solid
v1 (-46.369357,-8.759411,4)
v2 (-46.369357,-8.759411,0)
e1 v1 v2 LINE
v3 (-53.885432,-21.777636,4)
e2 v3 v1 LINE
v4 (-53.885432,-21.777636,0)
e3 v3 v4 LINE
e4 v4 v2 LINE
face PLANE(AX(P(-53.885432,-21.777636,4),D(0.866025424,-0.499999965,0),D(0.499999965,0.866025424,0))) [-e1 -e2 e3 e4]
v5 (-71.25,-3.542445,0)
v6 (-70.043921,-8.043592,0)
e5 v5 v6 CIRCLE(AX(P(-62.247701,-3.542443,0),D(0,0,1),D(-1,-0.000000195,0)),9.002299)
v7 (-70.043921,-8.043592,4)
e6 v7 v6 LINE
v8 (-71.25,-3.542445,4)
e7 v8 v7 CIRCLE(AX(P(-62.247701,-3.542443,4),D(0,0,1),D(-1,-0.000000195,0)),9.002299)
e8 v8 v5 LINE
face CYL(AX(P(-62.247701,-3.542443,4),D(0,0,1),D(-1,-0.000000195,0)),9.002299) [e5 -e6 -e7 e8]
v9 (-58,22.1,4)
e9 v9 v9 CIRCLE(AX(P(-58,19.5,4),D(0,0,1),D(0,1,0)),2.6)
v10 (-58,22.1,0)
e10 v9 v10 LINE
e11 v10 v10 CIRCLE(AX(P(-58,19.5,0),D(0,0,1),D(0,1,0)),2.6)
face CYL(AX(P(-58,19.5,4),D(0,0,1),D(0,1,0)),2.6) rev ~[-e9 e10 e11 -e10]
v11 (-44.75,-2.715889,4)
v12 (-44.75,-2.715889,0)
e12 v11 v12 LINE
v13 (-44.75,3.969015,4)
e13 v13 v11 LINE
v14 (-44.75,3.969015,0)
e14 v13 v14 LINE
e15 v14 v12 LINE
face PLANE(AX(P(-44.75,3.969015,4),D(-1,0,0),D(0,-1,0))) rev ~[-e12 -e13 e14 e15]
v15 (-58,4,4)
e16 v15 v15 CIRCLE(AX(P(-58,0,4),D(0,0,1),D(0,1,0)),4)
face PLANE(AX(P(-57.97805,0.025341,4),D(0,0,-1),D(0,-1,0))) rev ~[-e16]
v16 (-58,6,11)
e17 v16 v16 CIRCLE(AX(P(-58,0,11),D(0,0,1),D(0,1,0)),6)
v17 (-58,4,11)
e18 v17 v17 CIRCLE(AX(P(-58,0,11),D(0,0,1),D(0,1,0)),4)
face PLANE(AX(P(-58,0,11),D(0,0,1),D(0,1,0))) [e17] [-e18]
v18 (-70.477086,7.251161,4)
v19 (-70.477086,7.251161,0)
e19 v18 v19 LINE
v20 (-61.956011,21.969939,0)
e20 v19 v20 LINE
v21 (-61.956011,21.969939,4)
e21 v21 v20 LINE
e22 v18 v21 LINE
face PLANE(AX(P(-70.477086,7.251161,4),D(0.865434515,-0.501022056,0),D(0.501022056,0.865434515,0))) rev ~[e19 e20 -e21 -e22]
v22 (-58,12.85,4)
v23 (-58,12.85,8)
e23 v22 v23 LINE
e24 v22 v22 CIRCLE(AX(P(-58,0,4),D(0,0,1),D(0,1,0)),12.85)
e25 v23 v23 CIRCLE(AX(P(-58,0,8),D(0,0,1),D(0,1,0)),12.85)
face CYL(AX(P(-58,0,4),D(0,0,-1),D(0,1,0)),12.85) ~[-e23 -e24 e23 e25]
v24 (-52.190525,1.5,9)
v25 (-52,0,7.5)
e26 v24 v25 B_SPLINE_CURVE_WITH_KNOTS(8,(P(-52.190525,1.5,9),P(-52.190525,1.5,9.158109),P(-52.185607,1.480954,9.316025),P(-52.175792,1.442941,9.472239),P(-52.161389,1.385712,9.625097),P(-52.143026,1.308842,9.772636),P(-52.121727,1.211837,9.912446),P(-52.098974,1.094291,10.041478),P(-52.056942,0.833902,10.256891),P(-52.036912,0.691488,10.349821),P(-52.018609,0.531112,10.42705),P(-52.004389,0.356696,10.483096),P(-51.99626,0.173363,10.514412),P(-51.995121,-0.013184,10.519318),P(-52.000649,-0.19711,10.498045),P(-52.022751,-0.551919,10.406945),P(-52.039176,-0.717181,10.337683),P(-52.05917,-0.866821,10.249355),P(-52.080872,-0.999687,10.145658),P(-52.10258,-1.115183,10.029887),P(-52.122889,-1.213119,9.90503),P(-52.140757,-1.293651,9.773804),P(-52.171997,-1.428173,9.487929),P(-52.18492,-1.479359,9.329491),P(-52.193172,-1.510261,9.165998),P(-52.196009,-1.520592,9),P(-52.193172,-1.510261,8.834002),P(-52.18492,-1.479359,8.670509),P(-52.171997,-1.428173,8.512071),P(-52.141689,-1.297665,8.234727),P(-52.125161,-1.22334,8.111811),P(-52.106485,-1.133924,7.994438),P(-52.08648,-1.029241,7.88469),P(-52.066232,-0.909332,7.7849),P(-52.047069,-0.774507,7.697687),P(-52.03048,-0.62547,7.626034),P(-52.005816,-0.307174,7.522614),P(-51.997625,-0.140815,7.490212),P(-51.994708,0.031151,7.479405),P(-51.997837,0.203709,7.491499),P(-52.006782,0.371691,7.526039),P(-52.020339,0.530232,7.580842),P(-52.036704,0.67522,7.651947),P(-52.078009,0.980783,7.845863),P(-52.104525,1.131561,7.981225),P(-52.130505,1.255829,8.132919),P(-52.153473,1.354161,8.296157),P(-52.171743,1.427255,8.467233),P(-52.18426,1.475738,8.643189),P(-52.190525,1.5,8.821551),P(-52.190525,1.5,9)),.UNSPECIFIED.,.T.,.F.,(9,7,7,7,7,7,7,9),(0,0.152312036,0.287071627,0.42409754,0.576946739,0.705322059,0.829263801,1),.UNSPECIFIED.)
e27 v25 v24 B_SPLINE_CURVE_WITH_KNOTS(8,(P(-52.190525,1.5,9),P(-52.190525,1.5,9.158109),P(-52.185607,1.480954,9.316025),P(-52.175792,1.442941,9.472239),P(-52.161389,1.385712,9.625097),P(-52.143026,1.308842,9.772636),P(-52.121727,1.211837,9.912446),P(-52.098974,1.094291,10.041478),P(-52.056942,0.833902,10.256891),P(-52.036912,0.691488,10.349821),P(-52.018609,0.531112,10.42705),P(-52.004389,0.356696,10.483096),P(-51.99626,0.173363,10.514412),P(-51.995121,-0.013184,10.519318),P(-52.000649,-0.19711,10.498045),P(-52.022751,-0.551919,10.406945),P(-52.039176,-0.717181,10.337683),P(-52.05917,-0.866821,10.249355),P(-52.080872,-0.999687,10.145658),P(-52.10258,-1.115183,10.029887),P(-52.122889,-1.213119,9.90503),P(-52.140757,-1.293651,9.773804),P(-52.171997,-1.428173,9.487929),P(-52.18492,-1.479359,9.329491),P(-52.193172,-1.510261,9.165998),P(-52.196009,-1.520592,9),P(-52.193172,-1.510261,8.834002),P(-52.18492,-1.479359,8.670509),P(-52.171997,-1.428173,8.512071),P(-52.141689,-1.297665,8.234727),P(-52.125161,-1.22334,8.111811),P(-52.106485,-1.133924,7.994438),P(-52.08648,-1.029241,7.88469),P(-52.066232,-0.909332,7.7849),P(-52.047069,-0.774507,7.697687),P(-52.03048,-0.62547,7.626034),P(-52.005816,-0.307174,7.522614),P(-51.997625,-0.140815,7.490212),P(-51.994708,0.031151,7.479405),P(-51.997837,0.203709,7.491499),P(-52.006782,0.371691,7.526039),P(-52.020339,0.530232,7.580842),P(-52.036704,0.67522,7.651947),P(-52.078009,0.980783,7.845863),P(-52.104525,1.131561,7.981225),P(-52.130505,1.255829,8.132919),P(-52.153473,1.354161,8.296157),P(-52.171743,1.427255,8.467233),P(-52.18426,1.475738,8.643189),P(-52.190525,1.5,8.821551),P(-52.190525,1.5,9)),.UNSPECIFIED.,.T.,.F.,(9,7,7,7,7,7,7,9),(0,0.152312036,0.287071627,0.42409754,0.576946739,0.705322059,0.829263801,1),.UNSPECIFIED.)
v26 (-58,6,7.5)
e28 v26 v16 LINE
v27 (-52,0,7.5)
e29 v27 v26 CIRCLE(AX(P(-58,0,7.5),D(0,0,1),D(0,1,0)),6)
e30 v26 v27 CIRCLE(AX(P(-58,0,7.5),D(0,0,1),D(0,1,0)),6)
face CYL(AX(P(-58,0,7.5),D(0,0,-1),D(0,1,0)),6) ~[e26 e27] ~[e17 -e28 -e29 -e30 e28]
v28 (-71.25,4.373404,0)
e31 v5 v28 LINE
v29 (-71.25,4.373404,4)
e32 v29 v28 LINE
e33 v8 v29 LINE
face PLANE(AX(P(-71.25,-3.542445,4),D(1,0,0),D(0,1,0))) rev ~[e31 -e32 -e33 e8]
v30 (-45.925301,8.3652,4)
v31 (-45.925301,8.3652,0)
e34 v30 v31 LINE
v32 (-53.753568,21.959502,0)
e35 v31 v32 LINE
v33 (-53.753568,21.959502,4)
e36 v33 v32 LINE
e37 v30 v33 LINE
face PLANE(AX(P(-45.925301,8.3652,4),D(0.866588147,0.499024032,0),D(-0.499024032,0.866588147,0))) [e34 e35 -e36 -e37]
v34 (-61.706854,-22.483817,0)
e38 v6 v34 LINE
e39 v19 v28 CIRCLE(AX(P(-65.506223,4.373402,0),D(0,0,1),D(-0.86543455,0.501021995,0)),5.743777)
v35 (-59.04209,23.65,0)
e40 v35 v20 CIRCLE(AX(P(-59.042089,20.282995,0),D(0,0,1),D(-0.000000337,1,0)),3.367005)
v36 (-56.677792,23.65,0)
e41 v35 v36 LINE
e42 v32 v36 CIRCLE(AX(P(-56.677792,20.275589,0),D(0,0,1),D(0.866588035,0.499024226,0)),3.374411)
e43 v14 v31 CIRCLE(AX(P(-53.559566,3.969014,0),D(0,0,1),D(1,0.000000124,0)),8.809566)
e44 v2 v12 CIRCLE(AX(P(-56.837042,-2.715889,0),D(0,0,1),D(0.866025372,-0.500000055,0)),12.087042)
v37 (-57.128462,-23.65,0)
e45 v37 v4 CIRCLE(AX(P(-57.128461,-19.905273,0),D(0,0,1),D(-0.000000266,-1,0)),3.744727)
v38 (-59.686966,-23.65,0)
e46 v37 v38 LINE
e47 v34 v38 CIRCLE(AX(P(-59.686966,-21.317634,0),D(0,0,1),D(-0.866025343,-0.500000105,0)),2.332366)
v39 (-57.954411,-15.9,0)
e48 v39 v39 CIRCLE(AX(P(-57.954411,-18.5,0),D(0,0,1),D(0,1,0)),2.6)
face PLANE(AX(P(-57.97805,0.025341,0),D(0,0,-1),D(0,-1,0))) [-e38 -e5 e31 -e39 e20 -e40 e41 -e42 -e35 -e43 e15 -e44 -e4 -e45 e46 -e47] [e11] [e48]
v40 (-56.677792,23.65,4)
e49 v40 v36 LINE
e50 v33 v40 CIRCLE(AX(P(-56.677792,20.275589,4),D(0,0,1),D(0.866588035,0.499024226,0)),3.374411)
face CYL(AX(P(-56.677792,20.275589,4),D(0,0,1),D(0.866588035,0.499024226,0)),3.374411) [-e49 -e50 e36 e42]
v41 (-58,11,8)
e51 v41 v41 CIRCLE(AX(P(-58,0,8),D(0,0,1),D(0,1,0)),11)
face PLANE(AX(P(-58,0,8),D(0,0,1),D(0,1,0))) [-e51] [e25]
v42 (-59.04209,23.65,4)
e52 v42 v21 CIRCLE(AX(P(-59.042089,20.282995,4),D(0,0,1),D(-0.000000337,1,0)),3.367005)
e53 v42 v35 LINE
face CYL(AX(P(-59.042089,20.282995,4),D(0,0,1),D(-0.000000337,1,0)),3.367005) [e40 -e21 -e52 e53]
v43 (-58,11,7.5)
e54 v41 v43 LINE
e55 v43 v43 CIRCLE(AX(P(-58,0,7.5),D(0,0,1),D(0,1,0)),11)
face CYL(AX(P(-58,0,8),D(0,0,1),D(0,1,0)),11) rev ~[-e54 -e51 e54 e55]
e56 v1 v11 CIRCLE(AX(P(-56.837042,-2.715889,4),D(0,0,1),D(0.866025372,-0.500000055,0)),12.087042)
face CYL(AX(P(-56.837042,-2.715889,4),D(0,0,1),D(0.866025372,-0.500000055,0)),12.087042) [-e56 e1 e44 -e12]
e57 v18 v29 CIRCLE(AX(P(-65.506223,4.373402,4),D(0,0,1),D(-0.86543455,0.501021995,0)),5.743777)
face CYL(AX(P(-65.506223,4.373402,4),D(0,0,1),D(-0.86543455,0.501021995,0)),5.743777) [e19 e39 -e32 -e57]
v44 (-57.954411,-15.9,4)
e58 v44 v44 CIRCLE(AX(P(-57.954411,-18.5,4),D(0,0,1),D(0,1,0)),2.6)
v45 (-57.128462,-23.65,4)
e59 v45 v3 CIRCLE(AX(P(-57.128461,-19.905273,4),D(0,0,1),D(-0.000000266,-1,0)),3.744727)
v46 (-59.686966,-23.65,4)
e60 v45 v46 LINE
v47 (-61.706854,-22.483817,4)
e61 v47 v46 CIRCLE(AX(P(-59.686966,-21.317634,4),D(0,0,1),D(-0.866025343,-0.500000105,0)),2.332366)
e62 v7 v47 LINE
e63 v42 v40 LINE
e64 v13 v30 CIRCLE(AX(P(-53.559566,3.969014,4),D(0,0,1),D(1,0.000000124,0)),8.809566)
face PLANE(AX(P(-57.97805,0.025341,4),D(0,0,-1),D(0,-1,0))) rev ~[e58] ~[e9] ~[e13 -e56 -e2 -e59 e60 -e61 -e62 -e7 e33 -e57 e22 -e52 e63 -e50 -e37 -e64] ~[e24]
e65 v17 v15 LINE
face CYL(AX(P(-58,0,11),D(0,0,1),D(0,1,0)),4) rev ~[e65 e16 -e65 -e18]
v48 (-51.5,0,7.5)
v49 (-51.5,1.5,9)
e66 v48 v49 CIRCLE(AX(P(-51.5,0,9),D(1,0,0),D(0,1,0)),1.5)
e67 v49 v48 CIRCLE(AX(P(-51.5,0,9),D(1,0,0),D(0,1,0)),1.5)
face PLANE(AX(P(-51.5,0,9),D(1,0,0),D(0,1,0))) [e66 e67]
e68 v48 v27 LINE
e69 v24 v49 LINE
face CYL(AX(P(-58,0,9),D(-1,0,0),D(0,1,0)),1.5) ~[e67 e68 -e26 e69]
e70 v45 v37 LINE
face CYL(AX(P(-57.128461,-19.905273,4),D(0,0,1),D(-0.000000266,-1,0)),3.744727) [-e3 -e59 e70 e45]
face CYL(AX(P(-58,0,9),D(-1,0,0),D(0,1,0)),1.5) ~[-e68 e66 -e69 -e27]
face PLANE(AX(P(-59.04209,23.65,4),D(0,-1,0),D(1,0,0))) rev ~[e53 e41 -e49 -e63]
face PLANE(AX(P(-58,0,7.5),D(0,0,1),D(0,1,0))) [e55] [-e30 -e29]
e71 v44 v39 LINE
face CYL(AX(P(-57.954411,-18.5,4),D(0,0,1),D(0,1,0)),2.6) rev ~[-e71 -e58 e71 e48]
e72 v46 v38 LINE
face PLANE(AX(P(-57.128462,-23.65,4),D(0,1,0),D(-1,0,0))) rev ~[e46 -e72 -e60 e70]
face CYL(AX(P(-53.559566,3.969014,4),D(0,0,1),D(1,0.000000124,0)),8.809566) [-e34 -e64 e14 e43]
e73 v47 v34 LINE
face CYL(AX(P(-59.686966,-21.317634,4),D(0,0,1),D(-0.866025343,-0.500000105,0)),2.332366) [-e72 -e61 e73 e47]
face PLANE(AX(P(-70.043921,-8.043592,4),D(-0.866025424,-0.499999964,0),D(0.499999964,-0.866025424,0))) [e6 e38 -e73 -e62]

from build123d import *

# Parameters (mm, degrees)
SKETCH012_R             = 12.85
PAD006_DEPTH            = 4
SKETCH013_R             = 11
POCKET004_DEPTH         = 0.5
SKETCH014_R             = 6
PAD007_DEPTH            = 3.5
SKETCH016_R             = 1.5
PAD008_DEPTH            = 6.5
SKETCH015_R             = 4
POCKET005_DEPTH         = 7.001
SKETCH017_R             = 2.6
PAD009_DEPTH            = 4
BODY002_PLACEMENT_ANGLE = 90


with BuildPart() as part:
    # Sketch012 → Pad006 (new body)
    with BuildSketch(Plane.XY):
        Circle(SKETCH012_R)
    extrude(amount=PAD006_DEPTH)

    # Sketch013 → Pocket004 (cut)
    with BuildSketch(Plane.XY.offset(4)):
        Circle(SKETCH013_R)
    extrude(amount=-POCKET004_DEPTH, mode=Mode.SUBTRACT)

    # Sketch014 (on Face5 of Pocket004) → Pad007 (join)
    with BuildSketch(Plane.XY.offset(3.5)):
        Circle(SKETCH014_R)
    extrude(amount=PAD007_DEPTH)

    # Sketch016 → Pad008 (join)
    with BuildSketch(Plane.XZ):
        with Locations((0, 5)):
            Circle(SKETCH016_R)
    extrude(amount=PAD008_DEPTH)

    # Sketch015 (on Face7 of Pad007) → Pocket005 (cut, through all)
    with BuildSketch(Plane.XY.offset(7)):
        Circle(SKETCH015_R)
    extrude(amount=-POCKET005_DEPTH, mode=Mode.SUBTRACT)

    # Sketch017 → Pad009 (join)
    with BuildSketch(Plane.XY):
        with BuildLine():
            Line((-3.542445, 13.25), (4.373404, 13.25))
            ThreePointArc((7.251161, 12.477086), (5.863276, 13.053407), (4.373404, 13.25))
            Line((7.251161, 12.477086), (21.969939, 3.956011))
            ThreePointArc((23.65, 1.04209), (23.1999, 2.72387), (21.969939, 3.956011))
            Line((23.65, 1.04209), (23.65, -1.322208))
            ThreePointArc((21.959502, -4.246432), (23.196964, -3.011059), (23.65, -1.322208))
            Line((8.3652, -12.074699), (21.959502, -4.246432))
            ThreePointArc((3.969015, -13.25), (6.244305, -12.951104), (8.3652, -12.074699))
            Line((3.969015, -13.25), (-2.715889, -13.25))
            ThreePointArc((-8.759411, -11.630643), (-5.844246, -12.838144), (-2.715889, -13.25))
            Line((-21.777636, -4.114568), (-8.759411, -11.630643))
            ThreePointArc((-23.65, -0.871538), (-23.148302, -2.743902), (-21.777636, -4.114568))
            Line((-23.65, -0.871538), (-23.65, 1.686966))
            ThreePointArc((-22.483817, 3.706854), (-23.337522, 2.853149), (-23.65, 1.686966))
            Line((-8.043592, 12.043921), (-22.483817, 3.706854))
            ThreePointArc((-3.542445, 13.25), (-5.87241, 12.943254), (-8.043592, 12.043921))
        make_face()
        with Locations((-18.5, -0.045589)):
            Circle(SKETCH017_R, mode=Mode.SUBTRACT)
        with Locations((19.5, 0)):
            Circle(SKETCH017_R, mode=Mode.SUBTRACT)
    extrude(amount=-PAD009_DEPTH)


with BuildPart() as part_1:
    # Body002 placement: moved
    add(part.part.moved(Location((-58, 0, 4))).rotate(Axis((-58, 0, 4), (0, 0, 1)), BODY002_PLACEMENT_ANGLE))


solid = part_1.part
